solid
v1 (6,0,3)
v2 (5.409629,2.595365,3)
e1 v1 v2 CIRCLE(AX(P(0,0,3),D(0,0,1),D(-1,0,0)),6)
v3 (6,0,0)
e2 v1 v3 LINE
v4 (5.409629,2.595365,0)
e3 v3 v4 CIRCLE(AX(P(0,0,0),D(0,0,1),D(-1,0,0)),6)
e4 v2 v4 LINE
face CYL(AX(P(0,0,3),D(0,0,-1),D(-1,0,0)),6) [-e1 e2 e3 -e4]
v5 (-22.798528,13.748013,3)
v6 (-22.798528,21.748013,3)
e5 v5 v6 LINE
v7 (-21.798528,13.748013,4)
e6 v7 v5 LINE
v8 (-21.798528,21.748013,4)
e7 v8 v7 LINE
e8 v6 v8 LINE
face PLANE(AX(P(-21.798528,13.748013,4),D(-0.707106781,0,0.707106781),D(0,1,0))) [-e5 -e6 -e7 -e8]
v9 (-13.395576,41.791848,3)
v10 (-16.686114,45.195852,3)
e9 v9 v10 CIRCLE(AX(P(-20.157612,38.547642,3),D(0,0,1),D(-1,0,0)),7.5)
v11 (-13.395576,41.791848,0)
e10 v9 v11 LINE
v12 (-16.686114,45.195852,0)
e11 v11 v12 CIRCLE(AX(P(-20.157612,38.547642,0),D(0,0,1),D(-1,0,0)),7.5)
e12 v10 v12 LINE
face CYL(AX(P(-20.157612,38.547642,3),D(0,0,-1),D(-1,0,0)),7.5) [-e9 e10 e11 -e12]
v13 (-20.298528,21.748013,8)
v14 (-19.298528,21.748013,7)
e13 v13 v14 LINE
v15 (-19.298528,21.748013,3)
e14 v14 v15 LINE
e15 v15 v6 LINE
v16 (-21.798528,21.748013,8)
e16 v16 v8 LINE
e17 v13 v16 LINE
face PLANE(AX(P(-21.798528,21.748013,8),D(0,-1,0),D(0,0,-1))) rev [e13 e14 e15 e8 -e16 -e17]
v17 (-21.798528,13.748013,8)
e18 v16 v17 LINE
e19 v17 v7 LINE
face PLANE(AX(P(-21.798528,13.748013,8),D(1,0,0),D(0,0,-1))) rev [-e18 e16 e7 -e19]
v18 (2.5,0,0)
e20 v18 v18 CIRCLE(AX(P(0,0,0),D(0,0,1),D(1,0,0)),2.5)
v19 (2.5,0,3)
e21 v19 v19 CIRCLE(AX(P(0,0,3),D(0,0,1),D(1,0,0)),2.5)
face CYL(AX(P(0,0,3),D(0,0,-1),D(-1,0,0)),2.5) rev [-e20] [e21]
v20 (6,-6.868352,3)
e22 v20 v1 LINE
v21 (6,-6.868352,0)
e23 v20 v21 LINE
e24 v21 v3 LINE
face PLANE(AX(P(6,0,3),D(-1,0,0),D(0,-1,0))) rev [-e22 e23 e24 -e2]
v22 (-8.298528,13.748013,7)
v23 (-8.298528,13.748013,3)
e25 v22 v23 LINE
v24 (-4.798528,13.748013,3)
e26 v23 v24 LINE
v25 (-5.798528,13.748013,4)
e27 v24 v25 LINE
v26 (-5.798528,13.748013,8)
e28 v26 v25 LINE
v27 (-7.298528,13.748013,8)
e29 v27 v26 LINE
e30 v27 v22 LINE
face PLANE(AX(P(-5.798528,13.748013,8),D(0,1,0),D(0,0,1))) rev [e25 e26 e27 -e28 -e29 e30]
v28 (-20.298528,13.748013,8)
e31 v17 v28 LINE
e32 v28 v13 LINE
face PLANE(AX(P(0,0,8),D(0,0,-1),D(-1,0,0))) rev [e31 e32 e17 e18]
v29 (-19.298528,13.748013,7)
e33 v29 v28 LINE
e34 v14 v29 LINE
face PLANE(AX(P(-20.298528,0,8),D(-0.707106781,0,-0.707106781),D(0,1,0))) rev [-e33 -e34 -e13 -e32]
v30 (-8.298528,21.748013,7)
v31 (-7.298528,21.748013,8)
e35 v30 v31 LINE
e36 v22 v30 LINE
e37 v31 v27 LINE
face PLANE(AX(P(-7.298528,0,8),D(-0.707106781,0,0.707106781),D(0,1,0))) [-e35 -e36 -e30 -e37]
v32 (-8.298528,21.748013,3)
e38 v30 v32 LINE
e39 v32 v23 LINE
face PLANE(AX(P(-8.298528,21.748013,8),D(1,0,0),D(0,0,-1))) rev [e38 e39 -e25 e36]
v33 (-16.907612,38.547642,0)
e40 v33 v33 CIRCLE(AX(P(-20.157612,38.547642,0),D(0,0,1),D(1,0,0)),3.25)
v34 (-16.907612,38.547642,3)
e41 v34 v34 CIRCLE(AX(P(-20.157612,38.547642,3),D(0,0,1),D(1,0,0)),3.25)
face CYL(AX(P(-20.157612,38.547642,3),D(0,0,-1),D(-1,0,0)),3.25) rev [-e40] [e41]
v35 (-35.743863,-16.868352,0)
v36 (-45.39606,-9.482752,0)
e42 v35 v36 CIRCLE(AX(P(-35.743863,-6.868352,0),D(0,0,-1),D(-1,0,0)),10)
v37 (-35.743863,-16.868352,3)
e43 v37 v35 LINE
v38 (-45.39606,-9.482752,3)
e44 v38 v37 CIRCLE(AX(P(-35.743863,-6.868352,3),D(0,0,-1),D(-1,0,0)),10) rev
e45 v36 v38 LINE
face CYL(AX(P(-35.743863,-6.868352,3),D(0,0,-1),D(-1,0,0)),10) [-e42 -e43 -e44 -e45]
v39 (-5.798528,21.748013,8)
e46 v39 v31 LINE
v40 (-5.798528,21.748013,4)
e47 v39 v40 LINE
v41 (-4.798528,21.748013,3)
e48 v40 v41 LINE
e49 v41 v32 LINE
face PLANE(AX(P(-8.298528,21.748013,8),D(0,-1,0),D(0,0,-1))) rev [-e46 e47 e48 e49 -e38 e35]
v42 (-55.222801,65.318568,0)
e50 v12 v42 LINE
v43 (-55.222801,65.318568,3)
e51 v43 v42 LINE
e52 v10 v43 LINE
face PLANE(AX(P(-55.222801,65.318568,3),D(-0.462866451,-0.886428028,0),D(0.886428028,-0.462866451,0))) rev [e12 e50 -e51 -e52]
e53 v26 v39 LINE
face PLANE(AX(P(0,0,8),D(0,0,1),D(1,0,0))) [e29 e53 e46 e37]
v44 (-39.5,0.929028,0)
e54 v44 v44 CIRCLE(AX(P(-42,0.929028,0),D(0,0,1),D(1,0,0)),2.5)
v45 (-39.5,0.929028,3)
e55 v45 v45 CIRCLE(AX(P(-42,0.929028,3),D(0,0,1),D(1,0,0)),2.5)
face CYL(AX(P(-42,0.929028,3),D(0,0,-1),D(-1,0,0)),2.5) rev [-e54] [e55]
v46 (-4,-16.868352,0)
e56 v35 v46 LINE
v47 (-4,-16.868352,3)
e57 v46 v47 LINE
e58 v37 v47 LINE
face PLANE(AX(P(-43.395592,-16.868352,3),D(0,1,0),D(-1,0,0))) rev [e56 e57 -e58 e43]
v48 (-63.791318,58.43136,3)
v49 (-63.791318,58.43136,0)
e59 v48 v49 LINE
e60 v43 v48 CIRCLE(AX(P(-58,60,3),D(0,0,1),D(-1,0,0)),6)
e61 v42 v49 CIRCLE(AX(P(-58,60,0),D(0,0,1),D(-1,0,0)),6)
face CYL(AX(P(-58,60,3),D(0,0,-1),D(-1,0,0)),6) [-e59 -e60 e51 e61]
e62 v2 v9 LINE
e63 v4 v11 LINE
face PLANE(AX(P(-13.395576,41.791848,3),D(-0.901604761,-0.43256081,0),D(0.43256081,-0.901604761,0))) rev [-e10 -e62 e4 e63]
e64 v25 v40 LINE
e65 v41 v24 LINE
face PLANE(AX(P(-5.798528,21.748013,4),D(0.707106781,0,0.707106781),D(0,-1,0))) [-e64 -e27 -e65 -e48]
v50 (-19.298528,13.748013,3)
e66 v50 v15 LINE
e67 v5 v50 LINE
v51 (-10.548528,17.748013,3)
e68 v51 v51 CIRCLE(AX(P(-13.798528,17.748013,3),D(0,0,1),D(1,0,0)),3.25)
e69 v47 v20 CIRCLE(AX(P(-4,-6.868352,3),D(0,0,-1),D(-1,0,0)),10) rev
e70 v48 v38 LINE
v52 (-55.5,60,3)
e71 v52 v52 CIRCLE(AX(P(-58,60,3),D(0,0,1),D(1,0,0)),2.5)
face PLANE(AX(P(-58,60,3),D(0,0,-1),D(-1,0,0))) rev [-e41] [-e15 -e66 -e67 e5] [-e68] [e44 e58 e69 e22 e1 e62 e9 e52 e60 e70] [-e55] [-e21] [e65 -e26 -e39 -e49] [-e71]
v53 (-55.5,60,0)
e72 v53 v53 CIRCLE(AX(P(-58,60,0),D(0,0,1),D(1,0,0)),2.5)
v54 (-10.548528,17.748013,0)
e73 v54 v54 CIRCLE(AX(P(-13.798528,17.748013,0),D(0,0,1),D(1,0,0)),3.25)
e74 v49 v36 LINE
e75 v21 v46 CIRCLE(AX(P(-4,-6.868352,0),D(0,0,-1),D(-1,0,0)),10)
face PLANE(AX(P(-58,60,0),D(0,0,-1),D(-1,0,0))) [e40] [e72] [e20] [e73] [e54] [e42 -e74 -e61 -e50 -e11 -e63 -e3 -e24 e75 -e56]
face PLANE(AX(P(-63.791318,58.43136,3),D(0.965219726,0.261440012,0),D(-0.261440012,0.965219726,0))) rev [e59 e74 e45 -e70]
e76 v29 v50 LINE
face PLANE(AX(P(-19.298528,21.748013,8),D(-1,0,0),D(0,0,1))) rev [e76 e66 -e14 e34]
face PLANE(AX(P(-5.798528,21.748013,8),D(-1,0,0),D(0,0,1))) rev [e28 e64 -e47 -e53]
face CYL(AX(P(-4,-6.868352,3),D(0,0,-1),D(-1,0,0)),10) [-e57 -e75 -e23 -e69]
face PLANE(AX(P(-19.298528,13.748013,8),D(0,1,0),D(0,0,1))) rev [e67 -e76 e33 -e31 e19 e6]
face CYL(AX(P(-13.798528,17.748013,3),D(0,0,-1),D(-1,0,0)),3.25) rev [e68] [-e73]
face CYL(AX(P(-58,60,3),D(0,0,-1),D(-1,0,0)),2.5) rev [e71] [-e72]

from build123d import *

# Parameters (mm, degrees)
SKETCH1_R           = 2.5
SKETCH1_R_2         = 3.25
BOSS_EXTRUDE1_DEPTH = 3
SKETCH2_W           = 2.5
SKETCH2_H           = 8
BOSS_EXTRUDE2_DEPTH = 5
CHAMFER1_SIZE       = 1
FILLET1_R           = 10


with BuildPart() as part:
    # Sketch1 → Boss-Extrude1 (new body)
    with BuildSketch(Plane.XY):
        with BuildLine():
            Line((-63.791318359, 58.43135993), (-43.395591792, -16.868352188))
            Line((-43.395591792, -16.868352188), (6, -16.868352188))
            Line((6, -16.868352188), (6, 0))
            ThreePointArc((6, 0), (5.850545761, 1.330832182), (5.409628568, 2.595364861))
            Line((5.409628568, 2.595364861), (-13.395576429, 41.791847675))
            ThreePointArc((-13.395576429, 41.791847675), (-14.765199318, 43.760307326), (-16.686113759, 45.195851809))
            Line((-16.686113759, 45.195851809), (-55.222801296, 65.318568168))
            ThreePointArc((-55.222801296, 65.318568168), (-61.758941161, 64.676575814), (-63.791318359, 58.43135993))
        make_face()
        Circle(SKETCH1_R, mode=Mode.SUBTRACT)
        with Locations((-58, 60)):
            Circle(SKETCH1_R, mode=Mode.SUBTRACT)
        with Locations((-42, 0.929027955)):
            Circle(SKETCH1_R, mode=Mode.SUBTRACT)
        with Locations((-20.157612139, 38.547641599)):
            Circle(SKETCH1_R_2, mode=Mode.SUBTRACT)
        with Locations((-13.798527561, 17.748013157)):
            Circle(SKETCH1_R_2, mode=Mode.SUBTRACT)
    extrude(amount=BOSS_EXTRUDE1_DEPTH)

    # Sketch2 → Boss-Extrude2 (add)
    with BuildSketch(Plane.XY.offset(3)):
        with Locations((-7.048527561, 17.748013157)):
            Rectangle(SKETCH2_W, SKETCH2_H)
        with Locations((-20.548527561, 17.748013157)):
            Rectangle(SKETCH2_W, SKETCH2_H)
    extrude(amount=BOSS_EXTRUDE2_DEPTH)

    # Chamfer1
    chamfer1_edges = [part.edges().sort_by_distance(p)[0] for p in [
        (-5.798527561, 17.748013157, 3),
        (-8.298527561, 17.748013157, 8),
        (-21.798527561, 17.748013157, 3),
        (-19.298527561, 17.748013157, 8),
    ]]
    chamfer(chamfer1_edges, length=CHAMFER1_SIZE)

    # Fillet1
    fillet1_edges = [part.edges().sort_by_distance(p)[0] for p in [
        (6, -16.868352188, 1.5),
        (-43.395591792, -16.868352188, 1.5),
    ]]
    fillet(fillet1_edges, radius=FILLET1_R)


solid = part.part
